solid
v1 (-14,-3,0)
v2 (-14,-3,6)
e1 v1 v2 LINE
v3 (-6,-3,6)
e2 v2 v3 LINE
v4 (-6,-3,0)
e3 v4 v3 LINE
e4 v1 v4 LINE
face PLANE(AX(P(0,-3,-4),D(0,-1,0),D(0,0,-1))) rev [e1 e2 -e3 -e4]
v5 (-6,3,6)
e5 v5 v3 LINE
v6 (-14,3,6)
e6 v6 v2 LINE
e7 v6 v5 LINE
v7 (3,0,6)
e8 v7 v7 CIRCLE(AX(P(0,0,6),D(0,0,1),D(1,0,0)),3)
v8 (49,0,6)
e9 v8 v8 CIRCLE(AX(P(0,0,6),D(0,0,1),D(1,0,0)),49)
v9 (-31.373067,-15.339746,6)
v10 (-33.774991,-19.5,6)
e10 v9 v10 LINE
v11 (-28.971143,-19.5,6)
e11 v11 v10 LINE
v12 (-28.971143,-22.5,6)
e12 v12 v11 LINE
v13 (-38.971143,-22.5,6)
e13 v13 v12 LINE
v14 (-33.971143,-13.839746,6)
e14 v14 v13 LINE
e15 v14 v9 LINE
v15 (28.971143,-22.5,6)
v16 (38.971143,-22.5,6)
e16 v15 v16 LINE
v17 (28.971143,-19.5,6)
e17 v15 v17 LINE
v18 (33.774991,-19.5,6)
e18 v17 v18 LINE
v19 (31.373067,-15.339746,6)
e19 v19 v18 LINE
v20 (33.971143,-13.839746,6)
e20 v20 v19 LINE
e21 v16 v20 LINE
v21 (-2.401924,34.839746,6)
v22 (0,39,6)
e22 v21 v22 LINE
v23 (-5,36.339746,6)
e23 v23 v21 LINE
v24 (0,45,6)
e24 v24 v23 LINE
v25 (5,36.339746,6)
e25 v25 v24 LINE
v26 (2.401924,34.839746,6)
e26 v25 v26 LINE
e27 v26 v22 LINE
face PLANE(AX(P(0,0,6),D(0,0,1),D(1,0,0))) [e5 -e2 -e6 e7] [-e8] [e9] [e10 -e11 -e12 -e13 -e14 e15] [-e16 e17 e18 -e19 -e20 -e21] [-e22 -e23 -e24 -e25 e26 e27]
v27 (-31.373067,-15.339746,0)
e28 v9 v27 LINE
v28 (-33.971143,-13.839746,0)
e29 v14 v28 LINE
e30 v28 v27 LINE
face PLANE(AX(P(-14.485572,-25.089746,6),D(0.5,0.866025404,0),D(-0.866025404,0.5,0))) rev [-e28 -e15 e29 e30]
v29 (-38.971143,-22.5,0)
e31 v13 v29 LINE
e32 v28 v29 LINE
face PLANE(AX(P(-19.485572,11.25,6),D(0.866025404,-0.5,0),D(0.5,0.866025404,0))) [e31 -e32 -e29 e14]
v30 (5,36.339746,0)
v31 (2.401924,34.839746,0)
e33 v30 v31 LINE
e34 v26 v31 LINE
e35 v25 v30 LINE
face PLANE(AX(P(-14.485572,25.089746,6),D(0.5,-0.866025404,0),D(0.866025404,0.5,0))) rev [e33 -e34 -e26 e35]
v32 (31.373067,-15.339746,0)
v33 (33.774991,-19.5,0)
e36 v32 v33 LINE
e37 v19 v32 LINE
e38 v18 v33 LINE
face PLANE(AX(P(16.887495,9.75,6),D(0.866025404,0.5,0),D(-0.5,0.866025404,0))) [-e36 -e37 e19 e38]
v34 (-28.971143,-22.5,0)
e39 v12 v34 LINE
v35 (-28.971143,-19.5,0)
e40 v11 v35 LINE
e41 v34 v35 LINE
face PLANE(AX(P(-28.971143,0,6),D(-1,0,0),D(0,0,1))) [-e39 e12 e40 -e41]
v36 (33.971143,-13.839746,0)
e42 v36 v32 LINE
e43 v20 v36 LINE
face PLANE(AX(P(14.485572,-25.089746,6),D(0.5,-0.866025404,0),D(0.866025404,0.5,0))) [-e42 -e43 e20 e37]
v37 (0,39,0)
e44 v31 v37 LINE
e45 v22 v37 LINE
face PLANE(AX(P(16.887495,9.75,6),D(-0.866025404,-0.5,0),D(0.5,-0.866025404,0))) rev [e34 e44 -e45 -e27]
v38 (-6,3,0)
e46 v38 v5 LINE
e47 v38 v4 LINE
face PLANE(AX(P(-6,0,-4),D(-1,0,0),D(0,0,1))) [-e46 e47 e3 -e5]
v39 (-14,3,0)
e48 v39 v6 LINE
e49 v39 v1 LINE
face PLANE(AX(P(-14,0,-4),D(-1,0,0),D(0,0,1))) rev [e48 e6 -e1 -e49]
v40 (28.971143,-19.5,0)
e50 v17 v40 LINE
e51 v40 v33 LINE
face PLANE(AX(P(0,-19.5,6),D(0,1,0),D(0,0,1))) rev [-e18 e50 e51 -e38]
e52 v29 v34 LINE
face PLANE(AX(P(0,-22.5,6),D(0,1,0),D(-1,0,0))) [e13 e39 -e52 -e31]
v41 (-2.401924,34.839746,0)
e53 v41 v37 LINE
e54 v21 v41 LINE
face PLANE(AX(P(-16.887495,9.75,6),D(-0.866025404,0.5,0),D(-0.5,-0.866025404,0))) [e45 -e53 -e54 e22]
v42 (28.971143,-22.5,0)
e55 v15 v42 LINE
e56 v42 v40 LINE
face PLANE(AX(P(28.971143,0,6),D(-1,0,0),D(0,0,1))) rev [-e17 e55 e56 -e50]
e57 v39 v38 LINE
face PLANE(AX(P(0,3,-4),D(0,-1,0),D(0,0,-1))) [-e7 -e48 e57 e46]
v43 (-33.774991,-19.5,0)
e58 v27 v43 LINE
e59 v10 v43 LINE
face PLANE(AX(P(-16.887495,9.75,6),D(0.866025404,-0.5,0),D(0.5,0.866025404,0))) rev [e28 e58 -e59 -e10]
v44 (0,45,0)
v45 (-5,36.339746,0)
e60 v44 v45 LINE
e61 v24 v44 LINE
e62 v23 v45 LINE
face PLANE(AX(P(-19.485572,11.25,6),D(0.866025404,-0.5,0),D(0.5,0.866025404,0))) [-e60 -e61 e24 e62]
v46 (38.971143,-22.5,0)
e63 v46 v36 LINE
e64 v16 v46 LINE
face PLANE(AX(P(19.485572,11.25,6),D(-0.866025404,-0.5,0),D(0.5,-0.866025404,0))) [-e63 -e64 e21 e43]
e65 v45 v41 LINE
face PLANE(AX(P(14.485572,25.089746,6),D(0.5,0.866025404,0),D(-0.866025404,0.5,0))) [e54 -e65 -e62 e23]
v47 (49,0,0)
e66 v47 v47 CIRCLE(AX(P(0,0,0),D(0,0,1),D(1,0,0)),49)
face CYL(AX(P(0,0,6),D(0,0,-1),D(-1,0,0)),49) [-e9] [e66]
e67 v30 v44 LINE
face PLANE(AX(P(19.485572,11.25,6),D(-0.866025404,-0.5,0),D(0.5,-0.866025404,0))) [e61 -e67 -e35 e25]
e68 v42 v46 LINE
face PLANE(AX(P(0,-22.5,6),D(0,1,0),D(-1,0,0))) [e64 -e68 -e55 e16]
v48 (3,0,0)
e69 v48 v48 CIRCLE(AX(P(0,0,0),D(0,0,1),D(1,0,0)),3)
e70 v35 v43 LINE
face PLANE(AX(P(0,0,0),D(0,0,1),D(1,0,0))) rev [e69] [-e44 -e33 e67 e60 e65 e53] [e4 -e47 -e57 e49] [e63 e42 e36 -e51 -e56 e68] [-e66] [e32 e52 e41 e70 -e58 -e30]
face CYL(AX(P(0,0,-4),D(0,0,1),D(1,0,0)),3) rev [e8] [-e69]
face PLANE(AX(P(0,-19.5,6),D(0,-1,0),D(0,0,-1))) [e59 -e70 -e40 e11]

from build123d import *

# Parameters (mm, degrees)
CROQUIS1_R              = 49
SALIENTE_EXTRUIR1_DEPTH = 6
CROQUIS2_R              = 3
CORTAR_EXTRUIR1_DEPTH   = 10


with BuildPart() as part:
    # Croquis1 → Saliente-Extruir1 (new body)
    # profile 1 of 2: a face of its own
    with BuildSketch(Plane.XY):
        Circle(CROQUIS1_R)
        Polygon((-5, 36.339745962), (0, 45), (5, 36.339745962), (33.97114317, -13.839745962), (38.97114317, -22.5), (28.97114317, -22.5), (-28.97114317, -22.5), (-38.97114317, -22.5), (-33.97114317, -13.839745962), align=None, mode=Mode.SUBTRACT)
    # profile 2 of 2: a face of its own
    with BuildSketch(Plane.XY):
        Polygon((-2.401923789, 34.839745962), (-5, 36.339745962), (-33.97114317, -13.839745962), (-31.373066959, -15.339745962), (-33.774990748, -19.5), (-28.97114317, -19.5), (-28.97114317, -22.5), (28.97114317, -22.5), (28.97114317, -19.5), (33.774990748, -19.5), (31.373066959, -15.339745962), (33.97114317, -13.839745962), (5, 36.339745962), (2.401923789, 34.839745962), (0, 39), align=None)
    extrude(amount=SALIENTE_EXTRUIR1_DEPTH)

    # Croquis2 → Cortar-Extruir1 (cut)
    with BuildSketch(Plane.XY.offset(6)):
        with BuildLine():
            Line((-9.539392014, 3), (-14, 3))
            Line((-14, 3), (-14, -3))
            Line((-14, -3), (-9.539392014, -3))
            ThreePointArc((-9.539392014, -3), (-10, 0), (-9.539392014, 3))
        make_face()
        with BuildLine():
            Line((-6, 3), (-9.539392014, 3))
            ThreePointArc((-9.539392014, 3), (-10, 0), (-9.539392014, -3))
            Line((-9.539392014, -3), (-6, -3))
            Line((-6, -3), (-6, 3))
        make_face()
        Circle(CROQUIS2_R)
    extrude(amount=-CORTAR_EXTRUIR1_DEPTH, mode=Mode.SUBTRACT)


solid = part.part
